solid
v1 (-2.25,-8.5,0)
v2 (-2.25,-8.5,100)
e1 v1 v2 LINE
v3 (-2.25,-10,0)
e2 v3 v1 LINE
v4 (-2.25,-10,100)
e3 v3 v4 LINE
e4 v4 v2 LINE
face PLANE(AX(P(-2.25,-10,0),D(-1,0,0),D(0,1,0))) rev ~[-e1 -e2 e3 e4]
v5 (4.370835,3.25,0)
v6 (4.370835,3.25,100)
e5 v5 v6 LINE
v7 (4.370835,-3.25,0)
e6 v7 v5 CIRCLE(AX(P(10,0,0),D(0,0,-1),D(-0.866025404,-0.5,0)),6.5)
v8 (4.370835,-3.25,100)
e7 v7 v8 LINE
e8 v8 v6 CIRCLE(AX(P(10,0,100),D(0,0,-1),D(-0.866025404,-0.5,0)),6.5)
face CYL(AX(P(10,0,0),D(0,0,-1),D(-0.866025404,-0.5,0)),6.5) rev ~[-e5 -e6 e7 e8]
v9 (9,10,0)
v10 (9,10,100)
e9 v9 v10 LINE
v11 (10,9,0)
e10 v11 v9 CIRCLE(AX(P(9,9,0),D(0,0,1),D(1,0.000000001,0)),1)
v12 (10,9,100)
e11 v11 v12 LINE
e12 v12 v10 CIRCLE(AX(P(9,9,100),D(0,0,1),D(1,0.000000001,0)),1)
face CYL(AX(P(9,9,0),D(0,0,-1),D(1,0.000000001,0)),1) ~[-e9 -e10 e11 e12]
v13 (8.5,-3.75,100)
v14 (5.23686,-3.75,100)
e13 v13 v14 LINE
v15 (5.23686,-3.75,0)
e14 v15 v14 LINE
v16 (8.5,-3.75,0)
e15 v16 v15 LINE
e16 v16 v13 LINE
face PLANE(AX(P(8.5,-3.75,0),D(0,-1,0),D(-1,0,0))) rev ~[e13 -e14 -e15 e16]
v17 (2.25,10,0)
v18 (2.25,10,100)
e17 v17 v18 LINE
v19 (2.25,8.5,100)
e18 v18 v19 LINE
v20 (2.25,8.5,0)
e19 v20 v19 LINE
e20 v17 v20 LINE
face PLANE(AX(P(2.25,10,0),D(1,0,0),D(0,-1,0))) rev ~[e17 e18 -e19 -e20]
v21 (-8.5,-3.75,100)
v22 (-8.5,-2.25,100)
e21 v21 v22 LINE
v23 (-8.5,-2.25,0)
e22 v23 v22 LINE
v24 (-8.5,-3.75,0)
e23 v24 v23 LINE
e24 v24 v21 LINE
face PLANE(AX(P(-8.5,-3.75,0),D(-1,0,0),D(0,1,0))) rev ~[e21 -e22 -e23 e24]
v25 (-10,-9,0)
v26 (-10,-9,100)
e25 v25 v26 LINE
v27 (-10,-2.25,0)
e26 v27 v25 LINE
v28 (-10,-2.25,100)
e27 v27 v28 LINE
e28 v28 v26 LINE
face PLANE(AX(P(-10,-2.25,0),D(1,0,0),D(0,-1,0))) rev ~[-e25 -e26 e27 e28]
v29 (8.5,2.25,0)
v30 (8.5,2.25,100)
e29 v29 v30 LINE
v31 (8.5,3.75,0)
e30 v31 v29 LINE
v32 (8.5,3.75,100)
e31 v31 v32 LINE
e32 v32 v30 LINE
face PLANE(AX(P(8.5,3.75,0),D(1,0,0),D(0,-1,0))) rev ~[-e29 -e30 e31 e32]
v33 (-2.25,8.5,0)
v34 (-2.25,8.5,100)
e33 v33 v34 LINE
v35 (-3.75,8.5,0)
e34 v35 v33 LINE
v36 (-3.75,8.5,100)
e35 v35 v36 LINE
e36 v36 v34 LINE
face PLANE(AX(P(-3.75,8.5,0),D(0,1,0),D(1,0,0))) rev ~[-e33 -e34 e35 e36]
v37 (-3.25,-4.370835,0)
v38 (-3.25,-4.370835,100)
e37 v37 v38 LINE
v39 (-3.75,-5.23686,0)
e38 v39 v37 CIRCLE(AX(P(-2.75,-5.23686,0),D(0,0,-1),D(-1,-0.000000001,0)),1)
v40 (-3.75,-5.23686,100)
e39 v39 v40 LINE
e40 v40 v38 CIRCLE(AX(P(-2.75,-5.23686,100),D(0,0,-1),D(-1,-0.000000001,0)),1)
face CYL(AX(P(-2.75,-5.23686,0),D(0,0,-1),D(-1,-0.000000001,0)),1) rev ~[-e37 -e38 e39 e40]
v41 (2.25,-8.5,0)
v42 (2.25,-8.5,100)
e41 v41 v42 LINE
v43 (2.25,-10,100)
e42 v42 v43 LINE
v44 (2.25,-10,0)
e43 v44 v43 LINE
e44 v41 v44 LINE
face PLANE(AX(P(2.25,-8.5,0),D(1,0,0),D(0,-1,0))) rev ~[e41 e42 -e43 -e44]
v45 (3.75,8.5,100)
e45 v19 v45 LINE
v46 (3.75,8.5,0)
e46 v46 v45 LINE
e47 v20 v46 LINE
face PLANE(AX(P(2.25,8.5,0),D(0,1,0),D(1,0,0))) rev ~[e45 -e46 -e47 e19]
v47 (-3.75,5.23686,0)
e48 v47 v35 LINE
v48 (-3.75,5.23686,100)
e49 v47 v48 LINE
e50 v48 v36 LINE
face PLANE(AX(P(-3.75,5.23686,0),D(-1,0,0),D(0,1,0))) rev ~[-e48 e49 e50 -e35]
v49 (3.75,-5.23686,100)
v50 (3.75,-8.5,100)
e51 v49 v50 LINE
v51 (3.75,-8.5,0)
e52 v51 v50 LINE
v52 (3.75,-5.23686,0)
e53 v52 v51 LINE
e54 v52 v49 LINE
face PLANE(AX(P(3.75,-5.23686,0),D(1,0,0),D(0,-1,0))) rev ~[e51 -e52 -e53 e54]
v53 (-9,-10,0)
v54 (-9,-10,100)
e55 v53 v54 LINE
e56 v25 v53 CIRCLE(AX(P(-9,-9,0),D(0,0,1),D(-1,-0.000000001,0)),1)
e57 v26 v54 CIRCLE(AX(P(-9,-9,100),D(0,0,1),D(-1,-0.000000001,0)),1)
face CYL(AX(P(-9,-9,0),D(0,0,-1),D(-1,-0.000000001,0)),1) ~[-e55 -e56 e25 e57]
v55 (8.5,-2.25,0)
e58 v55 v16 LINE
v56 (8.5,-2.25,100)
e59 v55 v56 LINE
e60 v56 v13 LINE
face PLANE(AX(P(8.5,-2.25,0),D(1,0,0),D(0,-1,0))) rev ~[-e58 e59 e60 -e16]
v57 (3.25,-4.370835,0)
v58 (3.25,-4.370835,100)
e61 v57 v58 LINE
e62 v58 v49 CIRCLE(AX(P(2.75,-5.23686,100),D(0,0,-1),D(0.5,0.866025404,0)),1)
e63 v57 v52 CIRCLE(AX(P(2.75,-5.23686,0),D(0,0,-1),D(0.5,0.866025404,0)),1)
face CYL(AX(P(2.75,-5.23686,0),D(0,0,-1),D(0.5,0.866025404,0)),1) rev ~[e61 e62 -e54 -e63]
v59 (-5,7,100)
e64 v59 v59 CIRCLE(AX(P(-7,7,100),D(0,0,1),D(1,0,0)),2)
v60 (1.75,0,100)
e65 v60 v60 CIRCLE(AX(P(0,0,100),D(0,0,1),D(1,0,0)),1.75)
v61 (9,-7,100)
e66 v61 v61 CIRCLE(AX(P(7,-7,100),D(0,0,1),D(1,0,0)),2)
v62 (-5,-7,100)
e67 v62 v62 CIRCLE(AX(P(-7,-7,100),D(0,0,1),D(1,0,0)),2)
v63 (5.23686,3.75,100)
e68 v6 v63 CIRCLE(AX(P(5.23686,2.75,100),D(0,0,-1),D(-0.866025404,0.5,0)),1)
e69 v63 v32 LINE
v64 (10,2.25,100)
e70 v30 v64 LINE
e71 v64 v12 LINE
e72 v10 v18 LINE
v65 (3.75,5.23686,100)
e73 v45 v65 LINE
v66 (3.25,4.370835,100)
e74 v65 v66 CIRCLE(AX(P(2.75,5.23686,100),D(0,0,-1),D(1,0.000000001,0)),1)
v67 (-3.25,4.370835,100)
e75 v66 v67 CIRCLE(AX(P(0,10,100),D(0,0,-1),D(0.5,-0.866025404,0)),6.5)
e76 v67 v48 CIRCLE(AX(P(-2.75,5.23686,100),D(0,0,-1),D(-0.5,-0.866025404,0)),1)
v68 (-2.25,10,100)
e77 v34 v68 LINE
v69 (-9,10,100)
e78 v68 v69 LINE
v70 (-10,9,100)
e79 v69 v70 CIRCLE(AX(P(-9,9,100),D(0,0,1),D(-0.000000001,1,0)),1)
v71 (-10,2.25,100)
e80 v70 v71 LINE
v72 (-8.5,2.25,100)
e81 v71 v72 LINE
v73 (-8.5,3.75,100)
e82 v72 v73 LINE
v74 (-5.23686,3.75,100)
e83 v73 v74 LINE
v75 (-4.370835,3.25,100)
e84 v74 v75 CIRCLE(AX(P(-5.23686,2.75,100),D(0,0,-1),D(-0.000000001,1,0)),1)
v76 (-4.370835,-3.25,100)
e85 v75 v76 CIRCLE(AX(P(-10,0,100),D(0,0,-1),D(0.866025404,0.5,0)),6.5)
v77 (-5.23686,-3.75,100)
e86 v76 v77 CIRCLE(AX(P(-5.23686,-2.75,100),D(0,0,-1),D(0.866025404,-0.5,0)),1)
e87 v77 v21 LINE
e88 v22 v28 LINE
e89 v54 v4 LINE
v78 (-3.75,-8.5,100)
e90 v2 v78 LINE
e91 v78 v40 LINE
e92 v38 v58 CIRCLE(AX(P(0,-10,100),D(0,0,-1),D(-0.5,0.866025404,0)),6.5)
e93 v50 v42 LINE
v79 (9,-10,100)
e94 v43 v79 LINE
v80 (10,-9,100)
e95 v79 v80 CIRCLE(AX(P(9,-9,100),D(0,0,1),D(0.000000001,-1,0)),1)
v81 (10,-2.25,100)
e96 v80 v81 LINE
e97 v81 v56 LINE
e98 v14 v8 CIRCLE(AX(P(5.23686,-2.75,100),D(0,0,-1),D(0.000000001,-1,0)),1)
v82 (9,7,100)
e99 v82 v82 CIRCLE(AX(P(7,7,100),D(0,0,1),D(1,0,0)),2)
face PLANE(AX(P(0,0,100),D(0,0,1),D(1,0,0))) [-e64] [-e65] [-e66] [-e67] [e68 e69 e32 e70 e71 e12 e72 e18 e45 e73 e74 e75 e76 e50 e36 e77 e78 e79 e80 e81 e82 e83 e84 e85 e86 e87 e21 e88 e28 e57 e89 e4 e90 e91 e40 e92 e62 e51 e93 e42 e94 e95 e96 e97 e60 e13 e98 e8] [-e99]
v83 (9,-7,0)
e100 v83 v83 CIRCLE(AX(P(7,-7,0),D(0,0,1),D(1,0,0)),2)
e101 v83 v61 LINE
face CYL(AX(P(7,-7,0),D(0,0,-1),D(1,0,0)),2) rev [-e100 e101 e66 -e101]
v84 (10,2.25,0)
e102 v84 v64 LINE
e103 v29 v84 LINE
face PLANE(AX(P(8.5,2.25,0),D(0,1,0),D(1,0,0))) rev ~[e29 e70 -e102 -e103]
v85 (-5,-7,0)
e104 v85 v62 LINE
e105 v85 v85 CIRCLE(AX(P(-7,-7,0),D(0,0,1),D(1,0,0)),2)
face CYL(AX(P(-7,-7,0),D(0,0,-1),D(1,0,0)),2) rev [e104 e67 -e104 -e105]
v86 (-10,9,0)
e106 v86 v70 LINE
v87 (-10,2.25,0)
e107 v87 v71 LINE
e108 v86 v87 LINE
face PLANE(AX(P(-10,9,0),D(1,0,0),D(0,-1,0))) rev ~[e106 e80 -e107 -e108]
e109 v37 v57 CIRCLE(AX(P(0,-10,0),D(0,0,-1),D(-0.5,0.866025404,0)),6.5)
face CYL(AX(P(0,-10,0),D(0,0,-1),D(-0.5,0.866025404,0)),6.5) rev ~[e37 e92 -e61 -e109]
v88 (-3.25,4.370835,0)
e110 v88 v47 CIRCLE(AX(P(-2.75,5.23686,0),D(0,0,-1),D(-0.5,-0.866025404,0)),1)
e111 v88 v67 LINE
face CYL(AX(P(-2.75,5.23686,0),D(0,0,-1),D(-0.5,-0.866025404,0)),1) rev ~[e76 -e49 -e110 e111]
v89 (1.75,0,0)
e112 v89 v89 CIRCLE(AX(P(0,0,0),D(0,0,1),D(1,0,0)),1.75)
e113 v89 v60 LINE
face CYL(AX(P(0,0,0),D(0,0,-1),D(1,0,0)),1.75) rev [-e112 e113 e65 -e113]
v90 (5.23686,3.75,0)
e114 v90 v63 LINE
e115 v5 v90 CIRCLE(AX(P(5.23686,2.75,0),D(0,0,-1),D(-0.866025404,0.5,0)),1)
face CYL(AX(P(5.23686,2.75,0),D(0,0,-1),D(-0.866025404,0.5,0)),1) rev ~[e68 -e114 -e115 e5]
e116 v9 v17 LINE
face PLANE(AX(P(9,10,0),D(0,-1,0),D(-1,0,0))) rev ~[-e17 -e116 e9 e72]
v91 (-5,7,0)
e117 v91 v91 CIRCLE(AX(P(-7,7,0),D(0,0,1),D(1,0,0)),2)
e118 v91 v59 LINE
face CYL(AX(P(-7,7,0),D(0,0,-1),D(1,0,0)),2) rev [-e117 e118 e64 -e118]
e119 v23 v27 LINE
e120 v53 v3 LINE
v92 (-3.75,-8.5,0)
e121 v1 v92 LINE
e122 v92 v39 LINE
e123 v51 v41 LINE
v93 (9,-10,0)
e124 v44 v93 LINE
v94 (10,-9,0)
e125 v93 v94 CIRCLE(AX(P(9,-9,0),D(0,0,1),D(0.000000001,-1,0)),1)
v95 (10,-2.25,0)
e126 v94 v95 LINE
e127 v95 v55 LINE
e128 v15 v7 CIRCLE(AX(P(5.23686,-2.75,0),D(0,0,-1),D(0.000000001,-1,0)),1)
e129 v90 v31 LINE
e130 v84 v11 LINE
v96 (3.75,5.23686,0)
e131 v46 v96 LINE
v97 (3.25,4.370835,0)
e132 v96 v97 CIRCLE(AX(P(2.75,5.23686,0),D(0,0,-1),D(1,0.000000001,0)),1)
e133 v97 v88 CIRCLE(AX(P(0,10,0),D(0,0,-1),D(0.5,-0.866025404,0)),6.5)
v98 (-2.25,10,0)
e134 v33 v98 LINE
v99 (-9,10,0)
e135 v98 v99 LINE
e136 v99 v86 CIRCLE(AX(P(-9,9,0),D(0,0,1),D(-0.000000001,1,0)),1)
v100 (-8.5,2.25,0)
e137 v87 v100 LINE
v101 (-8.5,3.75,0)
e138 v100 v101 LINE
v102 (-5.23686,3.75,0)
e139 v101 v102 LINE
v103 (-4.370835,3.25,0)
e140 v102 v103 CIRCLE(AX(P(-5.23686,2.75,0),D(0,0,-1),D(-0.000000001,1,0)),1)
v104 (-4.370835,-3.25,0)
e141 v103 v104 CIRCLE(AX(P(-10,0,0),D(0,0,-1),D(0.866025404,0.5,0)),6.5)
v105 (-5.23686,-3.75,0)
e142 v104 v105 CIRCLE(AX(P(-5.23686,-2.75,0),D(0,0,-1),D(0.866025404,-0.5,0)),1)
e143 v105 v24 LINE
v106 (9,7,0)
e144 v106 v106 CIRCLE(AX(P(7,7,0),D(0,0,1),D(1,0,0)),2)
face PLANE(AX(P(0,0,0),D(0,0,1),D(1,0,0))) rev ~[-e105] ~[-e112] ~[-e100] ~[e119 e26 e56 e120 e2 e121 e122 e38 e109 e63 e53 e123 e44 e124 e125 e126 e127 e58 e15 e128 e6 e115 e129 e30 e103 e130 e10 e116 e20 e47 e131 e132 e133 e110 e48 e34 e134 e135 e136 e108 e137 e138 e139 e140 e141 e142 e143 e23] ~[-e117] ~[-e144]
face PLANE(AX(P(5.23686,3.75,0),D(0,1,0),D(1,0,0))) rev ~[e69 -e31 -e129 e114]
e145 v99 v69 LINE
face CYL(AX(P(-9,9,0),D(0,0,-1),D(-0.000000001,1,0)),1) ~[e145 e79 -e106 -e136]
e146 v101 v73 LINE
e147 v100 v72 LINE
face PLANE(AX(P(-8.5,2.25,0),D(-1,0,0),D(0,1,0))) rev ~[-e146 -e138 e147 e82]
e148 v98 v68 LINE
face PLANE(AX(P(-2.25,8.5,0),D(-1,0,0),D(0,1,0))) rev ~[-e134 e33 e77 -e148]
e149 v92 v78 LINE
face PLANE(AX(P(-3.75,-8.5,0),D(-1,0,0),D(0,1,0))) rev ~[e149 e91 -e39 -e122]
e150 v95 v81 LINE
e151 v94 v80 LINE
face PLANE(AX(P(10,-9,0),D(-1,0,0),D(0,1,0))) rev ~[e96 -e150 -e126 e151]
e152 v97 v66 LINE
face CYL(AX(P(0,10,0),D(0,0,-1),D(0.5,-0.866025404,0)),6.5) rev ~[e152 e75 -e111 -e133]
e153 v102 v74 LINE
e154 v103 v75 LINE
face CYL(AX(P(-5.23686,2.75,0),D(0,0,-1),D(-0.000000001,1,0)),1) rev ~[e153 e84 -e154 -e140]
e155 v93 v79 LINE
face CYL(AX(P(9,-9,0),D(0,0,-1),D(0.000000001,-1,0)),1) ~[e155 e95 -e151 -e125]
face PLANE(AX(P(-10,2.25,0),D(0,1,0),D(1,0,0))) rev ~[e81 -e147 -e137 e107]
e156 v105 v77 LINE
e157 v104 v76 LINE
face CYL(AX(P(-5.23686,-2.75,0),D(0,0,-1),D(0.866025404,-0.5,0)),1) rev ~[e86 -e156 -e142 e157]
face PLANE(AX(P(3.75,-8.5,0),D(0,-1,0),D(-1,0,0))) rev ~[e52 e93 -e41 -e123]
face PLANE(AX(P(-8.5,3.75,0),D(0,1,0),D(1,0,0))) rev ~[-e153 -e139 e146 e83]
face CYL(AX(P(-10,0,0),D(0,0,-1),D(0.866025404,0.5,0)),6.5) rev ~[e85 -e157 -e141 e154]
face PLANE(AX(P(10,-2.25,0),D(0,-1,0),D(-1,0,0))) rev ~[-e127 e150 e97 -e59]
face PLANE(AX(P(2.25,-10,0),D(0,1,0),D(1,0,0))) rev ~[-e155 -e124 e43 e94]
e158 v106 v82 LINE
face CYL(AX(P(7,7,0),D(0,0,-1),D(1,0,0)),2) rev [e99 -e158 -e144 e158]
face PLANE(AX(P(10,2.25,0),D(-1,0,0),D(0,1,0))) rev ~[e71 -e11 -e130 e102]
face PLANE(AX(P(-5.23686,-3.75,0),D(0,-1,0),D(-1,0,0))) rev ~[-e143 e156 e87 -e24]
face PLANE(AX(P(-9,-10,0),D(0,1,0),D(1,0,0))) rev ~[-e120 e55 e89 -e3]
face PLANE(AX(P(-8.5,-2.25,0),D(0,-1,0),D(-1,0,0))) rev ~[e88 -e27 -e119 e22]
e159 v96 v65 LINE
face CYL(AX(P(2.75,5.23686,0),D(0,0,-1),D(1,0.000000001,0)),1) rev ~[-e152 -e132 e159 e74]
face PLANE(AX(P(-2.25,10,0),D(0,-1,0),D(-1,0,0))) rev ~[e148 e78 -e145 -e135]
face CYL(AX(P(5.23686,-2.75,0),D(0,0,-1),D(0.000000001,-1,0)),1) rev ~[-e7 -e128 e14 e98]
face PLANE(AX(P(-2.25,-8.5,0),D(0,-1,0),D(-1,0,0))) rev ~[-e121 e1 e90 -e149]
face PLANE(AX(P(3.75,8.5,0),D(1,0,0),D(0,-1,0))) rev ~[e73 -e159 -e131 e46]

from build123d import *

# Parameters (mm, degrees)
SKETCH1_R           = 2
SKETCH1_R_2         = 1.75
BOSS_EXTRUDE1_DEPTH = 100


with BuildPart() as part:
    # Sketch1 → Boss-Extrude1 (new body)
    with BuildSketch(Plane.XY):
        with BuildLine():
            Line((-10, 9), (-10, 2.25))
            Line((-10, 2.25), (-8.5, 2.25))
            Line((-8.5, 2.25), (-8.5, 3.75))
            Line((-8.5, 3.75), (-5.236860279, 3.75))
            ThreePointArc((-5.236860279, 3.75), (-4.736860279, 3.616025404), (-4.370834875, 3.25))
            ThreePointArc((-4.370834875, 3.25), (-3.5, 0), (-4.370834875, -3.25))
            ThreePointArc((-4.370834875, -3.25), (-4.736860279, -3.616025404), (-5.236860279, -3.75))
            Line((-5.236860279, -3.75), (-8.5, -3.75))
            Line((-8.5, -3.75), (-8.5, -2.25))
            Line((-8.5, -2.25), (-10, -2.25))
            Line((-10, -2.25), (-10, -9))
            ThreePointArc((-10, -9), (-9.707106781, -9.707106781), (-9, -10))
            Line((-9, -10), (-2.25, -10))
            Line((-2.25, -10), (-2.25, -8.5))
            Line((-2.25, -8.5), (-3.75, -8.5))
            Line((-3.75, -8.5), (-3.75, -5.236860279))
            ThreePointArc((-3.75, -5.236860279), (-3.616025404, -4.736860279), (-3.25, -4.370834875))
            ThreePointArc((-3.25, -4.370834875), (0, -3.5), (3.25, -4.370834875))
            ThreePointArc((3.25, -4.370834875), (3.616025404, -4.736860279), (3.75, -5.236860279))
            Line((3.75, -5.236860279), (3.75, -8.5))
            Line((3.75, -8.5), (2.25, -8.5))
            Line((2.25, -8.5), (2.25, -10))
            Line((2.25, -10), (9, -10))
            ThreePointArc((9, -10), (9.707106781, -9.707106781), (10, -9))
            Line((10, -9), (10, -2.25))
            Line((10, -2.25), (8.5, -2.25))
            Line((8.5, -2.25), (8.5, -3.75))
            Line((8.5, -3.75), (5.236860279, -3.75))
            ThreePointArc((5.236860279, -3.75), (4.736860279, -3.616025404), (4.370834875, -3.25))
            ThreePointArc((4.370834875, -3.25), (3.5, 0), (4.370834875, 3.25))
            ThreePointArc((4.370834875, 3.25), (4.736860279, 3.616025404), (5.236860279, 3.75))
            Line((5.236860279, 3.75), (8.5, 3.75))
            Line((8.5, 3.75), (8.5, 2.25))
            Line((8.5, 2.25), (10, 2.25))
            Line((10, 2.25), (10, 9))
            ThreePointArc((10, 9), (9.707106781, 9.707106781), (9, 10))
            Line((9, 10), (2.25, 10))
            Line((2.25, 10), (2.25, 8.5))
            Line((2.25, 8.5), (3.75, 8.5))
            Line((3.75, 8.5), (3.75, 5.236860279))
            ThreePointArc((3.75, 5.236860279), (3.616025404, 4.736860279), (3.25, 4.370834875))
            ThreePointArc((3.25, 4.370834875), (0, 3.5), (-3.25, 4.370834875))
            ThreePointArc((-3.25, 4.370834875), (-3.616025404, 4.736860279), (-3.75, 5.236860279))
            Line((-3.75, 5.236860279), (-3.75, 8.5))
            Line((-3.75, 8.5), (-2.25, 8.5))
            Line((-2.25, 8.5), (-2.25, 10))
            Line((-2.25, 10), (-9, 10))
            ThreePointArc((-9, 10), (-9.707106781, 9.707106781), (-10, 9))
        make_face()
        with Locations((-7, -7)):
            Circle(SKETCH1_R, mode=Mode.SUBTRACT)
        with Locations((7, -7)):
            Circle(SKETCH1_R, mode=Mode.SUBTRACT)
        with Locations((7, 7)):
            Circle(SKETCH1_R, mode=Mode.SUBTRACT)
        Circle(SKETCH1_R_2, mode=Mode.SUBTRACT)
        with Locations((-7, 7)):
            Circle(SKETCH1_R, mode=Mode.SUBTRACT)
    extrude(amount=BOSS_EXTRUDE1_DEPTH)


solid = part.part
